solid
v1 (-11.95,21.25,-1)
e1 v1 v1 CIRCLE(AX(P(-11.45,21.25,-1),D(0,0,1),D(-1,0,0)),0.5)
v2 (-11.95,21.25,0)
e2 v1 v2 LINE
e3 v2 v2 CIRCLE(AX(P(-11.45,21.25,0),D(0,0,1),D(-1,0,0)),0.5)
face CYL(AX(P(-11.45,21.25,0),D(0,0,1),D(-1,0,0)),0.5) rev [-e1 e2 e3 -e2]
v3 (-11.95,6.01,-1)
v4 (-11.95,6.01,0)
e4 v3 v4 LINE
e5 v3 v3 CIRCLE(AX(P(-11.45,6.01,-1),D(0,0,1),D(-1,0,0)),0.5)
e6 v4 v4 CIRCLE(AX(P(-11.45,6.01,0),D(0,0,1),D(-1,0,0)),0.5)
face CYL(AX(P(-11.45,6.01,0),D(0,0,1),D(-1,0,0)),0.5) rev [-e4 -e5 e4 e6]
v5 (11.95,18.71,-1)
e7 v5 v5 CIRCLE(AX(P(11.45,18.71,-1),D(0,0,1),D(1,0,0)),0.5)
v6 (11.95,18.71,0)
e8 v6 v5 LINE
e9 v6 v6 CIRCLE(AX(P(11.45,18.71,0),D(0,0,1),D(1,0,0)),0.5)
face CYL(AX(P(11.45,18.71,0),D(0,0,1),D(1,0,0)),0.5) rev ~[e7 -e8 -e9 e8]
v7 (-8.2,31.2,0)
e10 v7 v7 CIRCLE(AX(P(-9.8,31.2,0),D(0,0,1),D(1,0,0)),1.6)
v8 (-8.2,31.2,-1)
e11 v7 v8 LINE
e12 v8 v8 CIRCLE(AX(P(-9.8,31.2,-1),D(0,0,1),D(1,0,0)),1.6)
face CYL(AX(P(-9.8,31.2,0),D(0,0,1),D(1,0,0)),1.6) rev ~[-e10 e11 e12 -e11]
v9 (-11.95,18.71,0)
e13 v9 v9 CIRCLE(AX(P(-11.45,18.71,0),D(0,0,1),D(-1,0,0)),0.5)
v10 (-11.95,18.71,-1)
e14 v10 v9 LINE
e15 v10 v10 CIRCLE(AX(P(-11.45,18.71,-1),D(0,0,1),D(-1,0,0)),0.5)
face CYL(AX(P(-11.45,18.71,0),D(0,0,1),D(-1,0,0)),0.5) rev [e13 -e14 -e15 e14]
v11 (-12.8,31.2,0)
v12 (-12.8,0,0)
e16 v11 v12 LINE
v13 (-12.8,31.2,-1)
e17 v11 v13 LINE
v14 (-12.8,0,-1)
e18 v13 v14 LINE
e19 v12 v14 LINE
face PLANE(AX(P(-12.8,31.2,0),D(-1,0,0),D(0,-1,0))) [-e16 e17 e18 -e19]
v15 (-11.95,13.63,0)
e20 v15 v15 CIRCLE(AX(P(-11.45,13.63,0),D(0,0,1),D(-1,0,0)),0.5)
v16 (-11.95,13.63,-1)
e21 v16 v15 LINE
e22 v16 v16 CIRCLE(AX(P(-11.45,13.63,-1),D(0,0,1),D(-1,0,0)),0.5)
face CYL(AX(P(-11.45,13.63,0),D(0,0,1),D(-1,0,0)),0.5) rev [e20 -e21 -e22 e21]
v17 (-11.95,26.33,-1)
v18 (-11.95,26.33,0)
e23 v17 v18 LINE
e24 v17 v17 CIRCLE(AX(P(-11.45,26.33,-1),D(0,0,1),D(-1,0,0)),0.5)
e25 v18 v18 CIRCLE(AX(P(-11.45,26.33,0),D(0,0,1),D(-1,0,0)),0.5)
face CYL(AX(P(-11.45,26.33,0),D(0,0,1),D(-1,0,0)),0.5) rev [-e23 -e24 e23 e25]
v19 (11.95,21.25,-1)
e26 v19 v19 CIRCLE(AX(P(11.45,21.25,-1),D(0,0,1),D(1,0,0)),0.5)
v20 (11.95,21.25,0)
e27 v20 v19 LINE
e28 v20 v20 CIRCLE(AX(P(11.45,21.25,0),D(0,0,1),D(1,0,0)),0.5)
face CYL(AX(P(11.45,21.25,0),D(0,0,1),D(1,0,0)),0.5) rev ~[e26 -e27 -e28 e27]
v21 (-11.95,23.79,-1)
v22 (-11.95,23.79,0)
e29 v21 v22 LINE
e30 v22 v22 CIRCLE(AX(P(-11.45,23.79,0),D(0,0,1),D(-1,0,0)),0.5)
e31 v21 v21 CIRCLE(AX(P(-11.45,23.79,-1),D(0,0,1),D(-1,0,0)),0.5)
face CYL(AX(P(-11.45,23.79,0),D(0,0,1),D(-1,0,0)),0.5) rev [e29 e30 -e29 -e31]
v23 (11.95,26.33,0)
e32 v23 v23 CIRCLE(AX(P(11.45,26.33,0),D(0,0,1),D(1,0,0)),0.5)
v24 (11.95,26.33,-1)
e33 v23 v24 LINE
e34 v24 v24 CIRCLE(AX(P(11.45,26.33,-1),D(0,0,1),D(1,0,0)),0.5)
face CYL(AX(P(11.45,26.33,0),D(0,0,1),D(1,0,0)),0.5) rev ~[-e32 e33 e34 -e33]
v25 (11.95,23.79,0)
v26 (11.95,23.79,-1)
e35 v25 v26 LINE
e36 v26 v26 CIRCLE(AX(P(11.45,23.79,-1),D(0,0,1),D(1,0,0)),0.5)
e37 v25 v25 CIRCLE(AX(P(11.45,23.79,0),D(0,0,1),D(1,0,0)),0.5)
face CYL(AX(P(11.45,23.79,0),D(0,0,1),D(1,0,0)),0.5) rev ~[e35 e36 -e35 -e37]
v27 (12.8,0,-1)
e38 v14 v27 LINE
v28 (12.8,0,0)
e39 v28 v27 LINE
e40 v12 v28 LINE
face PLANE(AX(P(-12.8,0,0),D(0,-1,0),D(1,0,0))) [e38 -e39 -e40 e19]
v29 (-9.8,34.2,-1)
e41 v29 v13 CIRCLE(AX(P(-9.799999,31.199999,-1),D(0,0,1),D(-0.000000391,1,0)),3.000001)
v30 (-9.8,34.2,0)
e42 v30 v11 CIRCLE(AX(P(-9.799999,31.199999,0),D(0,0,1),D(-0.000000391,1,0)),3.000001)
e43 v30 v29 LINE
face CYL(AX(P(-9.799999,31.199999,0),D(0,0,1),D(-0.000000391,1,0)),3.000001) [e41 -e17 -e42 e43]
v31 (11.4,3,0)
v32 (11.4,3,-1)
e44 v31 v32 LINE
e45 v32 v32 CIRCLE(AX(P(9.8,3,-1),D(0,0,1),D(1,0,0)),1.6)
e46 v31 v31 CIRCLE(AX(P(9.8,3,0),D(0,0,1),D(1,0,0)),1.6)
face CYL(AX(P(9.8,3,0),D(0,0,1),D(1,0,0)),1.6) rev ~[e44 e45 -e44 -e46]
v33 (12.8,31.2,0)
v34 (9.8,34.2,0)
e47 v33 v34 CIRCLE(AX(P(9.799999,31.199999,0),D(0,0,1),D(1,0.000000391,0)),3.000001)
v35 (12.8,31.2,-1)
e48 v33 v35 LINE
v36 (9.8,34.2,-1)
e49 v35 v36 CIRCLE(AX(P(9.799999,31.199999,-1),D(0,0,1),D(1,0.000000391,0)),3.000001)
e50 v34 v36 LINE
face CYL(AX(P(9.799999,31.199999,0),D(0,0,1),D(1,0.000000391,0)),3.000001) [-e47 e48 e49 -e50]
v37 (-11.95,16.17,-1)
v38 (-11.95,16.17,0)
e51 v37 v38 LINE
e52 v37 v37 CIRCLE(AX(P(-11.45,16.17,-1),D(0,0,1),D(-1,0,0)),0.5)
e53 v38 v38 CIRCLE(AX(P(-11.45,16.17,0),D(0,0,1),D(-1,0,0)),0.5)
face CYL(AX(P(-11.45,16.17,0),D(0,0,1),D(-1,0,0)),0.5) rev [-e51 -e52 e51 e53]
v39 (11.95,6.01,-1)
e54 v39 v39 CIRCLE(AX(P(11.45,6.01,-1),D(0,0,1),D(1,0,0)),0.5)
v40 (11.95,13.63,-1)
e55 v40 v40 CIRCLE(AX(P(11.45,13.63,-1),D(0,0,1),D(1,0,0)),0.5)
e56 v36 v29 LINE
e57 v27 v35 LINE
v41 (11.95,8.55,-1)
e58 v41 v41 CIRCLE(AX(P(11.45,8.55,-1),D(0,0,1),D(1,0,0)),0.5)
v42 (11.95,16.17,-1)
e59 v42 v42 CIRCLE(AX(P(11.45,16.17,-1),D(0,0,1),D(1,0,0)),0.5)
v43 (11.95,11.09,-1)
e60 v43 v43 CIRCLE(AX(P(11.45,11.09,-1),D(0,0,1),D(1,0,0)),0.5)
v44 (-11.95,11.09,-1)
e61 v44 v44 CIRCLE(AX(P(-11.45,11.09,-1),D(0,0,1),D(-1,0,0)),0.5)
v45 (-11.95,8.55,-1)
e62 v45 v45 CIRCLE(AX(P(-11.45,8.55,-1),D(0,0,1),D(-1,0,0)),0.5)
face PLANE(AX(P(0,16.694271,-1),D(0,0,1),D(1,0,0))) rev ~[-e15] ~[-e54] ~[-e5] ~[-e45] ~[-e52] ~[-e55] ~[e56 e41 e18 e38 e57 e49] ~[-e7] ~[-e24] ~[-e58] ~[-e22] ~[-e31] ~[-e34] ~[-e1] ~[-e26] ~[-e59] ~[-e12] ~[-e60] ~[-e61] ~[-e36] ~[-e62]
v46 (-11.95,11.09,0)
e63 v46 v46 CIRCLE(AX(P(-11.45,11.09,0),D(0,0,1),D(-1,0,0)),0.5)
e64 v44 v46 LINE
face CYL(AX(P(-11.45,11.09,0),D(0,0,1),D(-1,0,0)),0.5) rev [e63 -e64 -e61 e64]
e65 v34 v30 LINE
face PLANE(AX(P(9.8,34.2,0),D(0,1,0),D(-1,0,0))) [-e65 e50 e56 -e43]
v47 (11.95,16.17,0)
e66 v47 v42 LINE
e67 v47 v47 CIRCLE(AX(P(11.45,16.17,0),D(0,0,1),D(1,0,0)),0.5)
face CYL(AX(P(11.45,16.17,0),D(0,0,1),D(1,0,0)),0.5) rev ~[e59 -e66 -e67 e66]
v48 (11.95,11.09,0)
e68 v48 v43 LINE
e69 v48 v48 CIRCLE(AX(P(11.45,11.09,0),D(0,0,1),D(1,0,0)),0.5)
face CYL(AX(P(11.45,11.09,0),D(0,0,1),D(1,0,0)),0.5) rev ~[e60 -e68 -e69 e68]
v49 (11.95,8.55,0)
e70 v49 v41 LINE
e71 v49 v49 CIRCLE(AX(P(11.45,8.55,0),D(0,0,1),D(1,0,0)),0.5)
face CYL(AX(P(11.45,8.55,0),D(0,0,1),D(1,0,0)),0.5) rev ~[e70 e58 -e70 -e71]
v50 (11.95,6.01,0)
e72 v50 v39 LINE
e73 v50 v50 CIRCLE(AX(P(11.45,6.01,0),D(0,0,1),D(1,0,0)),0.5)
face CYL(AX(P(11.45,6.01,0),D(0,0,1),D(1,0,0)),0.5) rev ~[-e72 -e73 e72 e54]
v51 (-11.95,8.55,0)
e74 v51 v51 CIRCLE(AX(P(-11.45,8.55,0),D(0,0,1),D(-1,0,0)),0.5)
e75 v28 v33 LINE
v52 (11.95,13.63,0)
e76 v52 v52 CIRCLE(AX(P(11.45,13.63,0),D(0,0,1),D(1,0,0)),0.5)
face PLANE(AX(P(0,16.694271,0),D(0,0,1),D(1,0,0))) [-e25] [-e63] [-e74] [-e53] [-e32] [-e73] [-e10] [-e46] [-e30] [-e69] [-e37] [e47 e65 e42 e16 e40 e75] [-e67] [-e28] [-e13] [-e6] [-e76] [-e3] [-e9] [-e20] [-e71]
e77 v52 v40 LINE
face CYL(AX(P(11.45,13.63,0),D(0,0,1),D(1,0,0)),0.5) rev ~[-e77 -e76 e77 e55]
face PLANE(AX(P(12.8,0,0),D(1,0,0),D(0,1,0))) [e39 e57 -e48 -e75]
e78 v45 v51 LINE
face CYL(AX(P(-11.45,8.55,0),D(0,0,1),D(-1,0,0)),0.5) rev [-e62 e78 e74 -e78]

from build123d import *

# Parameters (mm, degrees)
SKETCH012_R                             = 1.6
PAD006_DEPTH                            = 1
SKETCH019_R                             = 0.5
POCKET003_DEPTH                         = 86.464442
POCKET003_DEPTH_BACK                    = 85.464442
SKETCH019_LINEARPATTERN001_2_R          = 0.5
POCKET003_LINEARPATTERN001_2_DEPTH      = 86.464442
POCKET003_LINEARPATTERN001_2_DEPTH_BACK = 85.464442
SKETCH019_LINEARPATTERN001_3_R          = 0.5
POCKET003_LINEARPATTERN001_3_DEPTH      = 86.464442
POCKET003_LINEARPATTERN001_3_DEPTH_BACK = 85.464442
SKETCH019_LINEARPATTERN001_4_R          = 0.5
POCKET003_LINEARPATTERN001_4_DEPTH      = 86.464442
POCKET003_LINEARPATTERN001_4_DEPTH_BACK = 85.464442
SKETCH019_LINEARPATTERN001_5_R          = 0.5
POCKET003_LINEARPATTERN001_5_DEPTH      = 86.464442
POCKET003_LINEARPATTERN001_5_DEPTH_BACK = 85.464442
SKETCH019_LINEARPATTERN001_6_R          = 0.5
POCKET003_LINEARPATTERN001_6_DEPTH      = 86.464442
POCKET003_LINEARPATTERN001_6_DEPTH_BACK = 85.464442
SKETCH019_LINEARPATTERN001_7_R          = 0.5
POCKET003_LINEARPATTERN001_7_DEPTH      = 86.464442
POCKET003_LINEARPATTERN001_7_DEPTH_BACK = 85.464442
SKETCH019_LINEARPATTERN001_8_R          = 0.5
POCKET003_LINEARPATTERN001_8_DEPTH      = 86.464442
POCKET003_LINEARPATTERN001_8_DEPTH_BACK = 85.464442
SKETCH019_LINEARPATTERN001_9_R          = 0.5
POCKET003_LINEARPATTERN001_9_DEPTH      = 86.464442
POCKET003_LINEARPATTERN001_9_DEPTH_BACK = 85.464442


with BuildPart() as part:
    # Sketch012 → Pad006 (new body)
    with BuildSketch(Plane.XY):
        with BuildLine():
            Line((9.8, 17.1), (-9.8, 17.1))
            ThreePointArc((-9.8, 17.1), (-11.92132, 16.22132), (-12.8, 14.1))
            Line((-12.8, 14.1), (-12.8, -17.1))
            Line((-12.8, -17.1), (12.8, -17.1))
            Line((12.8, -17.1), (12.8, 14.1))
            ThreePointArc((12.8, 14.1), (11.92132, 16.22132), (9.8, 17.1))
        make_face()
        with Locations((-9.8, 14.1)):
            Circle(SKETCH012_R, mode=Mode.SUBTRACT)
        with Locations((9.8, -14.1)):
            Circle(SKETCH012_R, mode=Mode.SUBTRACT)
    extrude(amount=-PAD006_DEPTH)

    # Sketch019 → Pocket003 (cut, two sides)
    with BuildSketch(Plane.XY) as pocket003_sk:
        with Locations((11.45, -11.09)):
            Circle(SKETCH019_R)
    pocket003 = extrude(amount=-POCKET003_DEPTH, mode=Mode.SUBTRACT) + extrude(pocket003_sk.sketch, amount=POCKET003_DEPTH_BACK, mode=Mode.SUBTRACT)

    # Sketch019 LinearPattern001 2 → Pocket003 LinearPattern001 2 (cut, two sides)
    with BuildSketch(Plane(origin=(0, 2.54, 0), x_dir=(1, 0, 0), z_dir=(0, 0, 1))) as pocket003_linearpattern001_2_sk:
        with Locations((11.45, -11.09)):
            Circle(SKETCH019_LINEARPATTERN001_2_R)
    pocket003_linearpattern001_2 = extrude(amount=-POCKET003_LINEARPATTERN001_2_DEPTH, mode=Mode.SUBTRACT) + extrude(pocket003_linearpattern001_2_sk.sketch, amount=POCKET003_LINEARPATTERN001_2_DEPTH_BACK, mode=Mode.SUBTRACT)

    # Sketch019 LinearPattern001 3 → Pocket003 LinearPattern001 3 (cut, two sides)
    with BuildSketch(Plane(origin=(0, 5.08, 0), x_dir=(1, 0, 0), z_dir=(0, 0, 1))) as pocket003_linearpattern001_3_sk:
        with Locations((11.45, -11.09)):
            Circle(SKETCH019_LINEARPATTERN001_3_R)
    pocket003_linearpattern001_3 = extrude(amount=-POCKET003_LINEARPATTERN001_3_DEPTH, mode=Mode.SUBTRACT) + extrude(pocket003_linearpattern001_3_sk.sketch, amount=POCKET003_LINEARPATTERN001_3_DEPTH_BACK, mode=Mode.SUBTRACT)

    # Sketch019 LinearPattern001 4 → Pocket003 LinearPattern001 4 (cut, two sides)
    with BuildSketch(Plane(origin=(0, 7.62, 0), x_dir=(1, 0, 0), z_dir=(0, 0, 1))) as pocket003_linearpattern001_4_sk:
        with Locations((11.45, -11.09)):
            Circle(SKETCH019_LINEARPATTERN001_4_R)
    pocket003_linearpattern001_4 = extrude(amount=-POCKET003_LINEARPATTERN001_4_DEPTH, mode=Mode.SUBTRACT) + extrude(pocket003_linearpattern001_4_sk.sketch, amount=POCKET003_LINEARPATTERN001_4_DEPTH_BACK, mode=Mode.SUBTRACT)

    # Sketch019 LinearPattern001 5 → Pocket003 LinearPattern001 5 (cut, two sides)
    with BuildSketch(Plane(origin=(0, 10.16, 0), x_dir=(1, 0, 0), z_dir=(0, 0, 1))) as pocket003_linearpattern001_5_sk:
        with Locations((11.45, -11.09)):
            Circle(SKETCH019_LINEARPATTERN001_5_R)
    pocket003_linearpattern001_5 = extrude(amount=-POCKET003_LINEARPATTERN001_5_DEPTH, mode=Mode.SUBTRACT) + extrude(pocket003_linearpattern001_5_sk.sketch, amount=POCKET003_LINEARPATTERN001_5_DEPTH_BACK, mode=Mode.SUBTRACT)

    # Sketch019 LinearPattern001 6 → Pocket003 LinearPattern001 6 (cut, two sides)
    with BuildSketch(Plane(origin=(0, 12.7, 0), x_dir=(1, 0, 0), z_dir=(0, 0, 1))) as pocket003_linearpattern001_6_sk:
        with Locations((11.45, -11.09)):
            Circle(SKETCH019_LINEARPATTERN001_6_R)
    pocket003_linearpattern001_6 = extrude(amount=-POCKET003_LINEARPATTERN001_6_DEPTH, mode=Mode.SUBTRACT) + extrude(pocket003_linearpattern001_6_sk.sketch, amount=POCKET003_LINEARPATTERN001_6_DEPTH_BACK, mode=Mode.SUBTRACT)

    # Sketch019 LinearPattern001 7 → Pocket003 LinearPattern001 7 (cut, two sides)
    with BuildSketch(Plane(origin=(0, 15.24, 0), x_dir=(1, 0, 0), z_dir=(0, 0, 1))) as pocket003_linearpattern001_7_sk:
        with Locations((11.45, -11.09)):
            Circle(SKETCH019_LINEARPATTERN001_7_R)
    pocket003_linearpattern001_7 = extrude(amount=-POCKET003_LINEARPATTERN001_7_DEPTH, mode=Mode.SUBTRACT) + extrude(pocket003_linearpattern001_7_sk.sketch, amount=POCKET003_LINEARPATTERN001_7_DEPTH_BACK, mode=Mode.SUBTRACT)

    # Sketch019 LinearPattern001 8 → Pocket003 LinearPattern001 8 (cut, two sides)
    with BuildSketch(Plane(origin=(0, 17.78, 0), x_dir=(1, 0, 0), z_dir=(0, 0, 1))) as pocket003_linearpattern001_8_sk:
        with Locations((11.45, -11.09)):
            Circle(SKETCH019_LINEARPATTERN001_8_R)
    pocket003_linearpattern001_8 = extrude(amount=-POCKET003_LINEARPATTERN001_8_DEPTH, mode=Mode.SUBTRACT) + extrude(pocket003_linearpattern001_8_sk.sketch, amount=POCKET003_LINEARPATTERN001_8_DEPTH_BACK, mode=Mode.SUBTRACT)

    # Sketch019 LinearPattern001 9 → Pocket003 LinearPattern001 9 (cut, two sides)
    with BuildSketch(Plane(origin=(0, 20.32, 0), x_dir=(1, 0, 0), z_dir=(0, 0, 1))) as pocket003_linearpattern001_9_sk:
        with Locations((11.45, -11.09)):
            Circle(SKETCH019_LINEARPATTERN001_9_R)
    pocket003_linearpattern001_9 = extrude(amount=-POCKET003_LINEARPATTERN001_9_DEPTH, mode=Mode.SUBTRACT) + extrude(pocket003_linearpattern001_9_sk.sketch, amount=POCKET003_LINEARPATTERN001_9_DEPTH_BACK, mode=Mode.SUBTRACT)

    # Mirrored004: Pocket003, Pocket003 LinearPattern001 2, Pocket003 LinearPattern001 3, Pocket003 LinearPattern001 4, Pocket003 LinearPattern001 5, Pocket003 LinearPattern001 6, Pocket003 LinearPattern001 7, Pocket003 LinearPattern001 8, Pocket003 LinearPattern001 9 across YZ
    add(pocket003.mirror(Plane.YZ), mode=Mode.SUBTRACT)
    add(pocket003_linearpattern001_2.mirror(Plane.YZ), mode=Mode.SUBTRACT)
    add(pocket003_linearpattern001_3.mirror(Plane.YZ), mode=Mode.SUBTRACT)
    add(pocket003_linearpattern001_4.mirror(Plane.YZ), mode=Mode.SUBTRACT)
    add(pocket003_linearpattern001_5.mirror(Plane.YZ), mode=Mode.SUBTRACT)
    add(pocket003_linearpattern001_6.mirror(Plane.YZ), mode=Mode.SUBTRACT)
    add(pocket003_linearpattern001_7.mirror(Plane.YZ), mode=Mode.SUBTRACT)
    add(pocket003_linearpattern001_8.mirror(Plane.YZ), mode=Mode.SUBTRACT)
    add(pocket003_linearpattern001_9.mirror(Plane.YZ), mode=Mode.SUBTRACT)


with BuildPart() as part_1:
    # Body005 placement: moved
    add(part.part.moved(Location((0, 17.1, 0))))


solid = part_1.part
